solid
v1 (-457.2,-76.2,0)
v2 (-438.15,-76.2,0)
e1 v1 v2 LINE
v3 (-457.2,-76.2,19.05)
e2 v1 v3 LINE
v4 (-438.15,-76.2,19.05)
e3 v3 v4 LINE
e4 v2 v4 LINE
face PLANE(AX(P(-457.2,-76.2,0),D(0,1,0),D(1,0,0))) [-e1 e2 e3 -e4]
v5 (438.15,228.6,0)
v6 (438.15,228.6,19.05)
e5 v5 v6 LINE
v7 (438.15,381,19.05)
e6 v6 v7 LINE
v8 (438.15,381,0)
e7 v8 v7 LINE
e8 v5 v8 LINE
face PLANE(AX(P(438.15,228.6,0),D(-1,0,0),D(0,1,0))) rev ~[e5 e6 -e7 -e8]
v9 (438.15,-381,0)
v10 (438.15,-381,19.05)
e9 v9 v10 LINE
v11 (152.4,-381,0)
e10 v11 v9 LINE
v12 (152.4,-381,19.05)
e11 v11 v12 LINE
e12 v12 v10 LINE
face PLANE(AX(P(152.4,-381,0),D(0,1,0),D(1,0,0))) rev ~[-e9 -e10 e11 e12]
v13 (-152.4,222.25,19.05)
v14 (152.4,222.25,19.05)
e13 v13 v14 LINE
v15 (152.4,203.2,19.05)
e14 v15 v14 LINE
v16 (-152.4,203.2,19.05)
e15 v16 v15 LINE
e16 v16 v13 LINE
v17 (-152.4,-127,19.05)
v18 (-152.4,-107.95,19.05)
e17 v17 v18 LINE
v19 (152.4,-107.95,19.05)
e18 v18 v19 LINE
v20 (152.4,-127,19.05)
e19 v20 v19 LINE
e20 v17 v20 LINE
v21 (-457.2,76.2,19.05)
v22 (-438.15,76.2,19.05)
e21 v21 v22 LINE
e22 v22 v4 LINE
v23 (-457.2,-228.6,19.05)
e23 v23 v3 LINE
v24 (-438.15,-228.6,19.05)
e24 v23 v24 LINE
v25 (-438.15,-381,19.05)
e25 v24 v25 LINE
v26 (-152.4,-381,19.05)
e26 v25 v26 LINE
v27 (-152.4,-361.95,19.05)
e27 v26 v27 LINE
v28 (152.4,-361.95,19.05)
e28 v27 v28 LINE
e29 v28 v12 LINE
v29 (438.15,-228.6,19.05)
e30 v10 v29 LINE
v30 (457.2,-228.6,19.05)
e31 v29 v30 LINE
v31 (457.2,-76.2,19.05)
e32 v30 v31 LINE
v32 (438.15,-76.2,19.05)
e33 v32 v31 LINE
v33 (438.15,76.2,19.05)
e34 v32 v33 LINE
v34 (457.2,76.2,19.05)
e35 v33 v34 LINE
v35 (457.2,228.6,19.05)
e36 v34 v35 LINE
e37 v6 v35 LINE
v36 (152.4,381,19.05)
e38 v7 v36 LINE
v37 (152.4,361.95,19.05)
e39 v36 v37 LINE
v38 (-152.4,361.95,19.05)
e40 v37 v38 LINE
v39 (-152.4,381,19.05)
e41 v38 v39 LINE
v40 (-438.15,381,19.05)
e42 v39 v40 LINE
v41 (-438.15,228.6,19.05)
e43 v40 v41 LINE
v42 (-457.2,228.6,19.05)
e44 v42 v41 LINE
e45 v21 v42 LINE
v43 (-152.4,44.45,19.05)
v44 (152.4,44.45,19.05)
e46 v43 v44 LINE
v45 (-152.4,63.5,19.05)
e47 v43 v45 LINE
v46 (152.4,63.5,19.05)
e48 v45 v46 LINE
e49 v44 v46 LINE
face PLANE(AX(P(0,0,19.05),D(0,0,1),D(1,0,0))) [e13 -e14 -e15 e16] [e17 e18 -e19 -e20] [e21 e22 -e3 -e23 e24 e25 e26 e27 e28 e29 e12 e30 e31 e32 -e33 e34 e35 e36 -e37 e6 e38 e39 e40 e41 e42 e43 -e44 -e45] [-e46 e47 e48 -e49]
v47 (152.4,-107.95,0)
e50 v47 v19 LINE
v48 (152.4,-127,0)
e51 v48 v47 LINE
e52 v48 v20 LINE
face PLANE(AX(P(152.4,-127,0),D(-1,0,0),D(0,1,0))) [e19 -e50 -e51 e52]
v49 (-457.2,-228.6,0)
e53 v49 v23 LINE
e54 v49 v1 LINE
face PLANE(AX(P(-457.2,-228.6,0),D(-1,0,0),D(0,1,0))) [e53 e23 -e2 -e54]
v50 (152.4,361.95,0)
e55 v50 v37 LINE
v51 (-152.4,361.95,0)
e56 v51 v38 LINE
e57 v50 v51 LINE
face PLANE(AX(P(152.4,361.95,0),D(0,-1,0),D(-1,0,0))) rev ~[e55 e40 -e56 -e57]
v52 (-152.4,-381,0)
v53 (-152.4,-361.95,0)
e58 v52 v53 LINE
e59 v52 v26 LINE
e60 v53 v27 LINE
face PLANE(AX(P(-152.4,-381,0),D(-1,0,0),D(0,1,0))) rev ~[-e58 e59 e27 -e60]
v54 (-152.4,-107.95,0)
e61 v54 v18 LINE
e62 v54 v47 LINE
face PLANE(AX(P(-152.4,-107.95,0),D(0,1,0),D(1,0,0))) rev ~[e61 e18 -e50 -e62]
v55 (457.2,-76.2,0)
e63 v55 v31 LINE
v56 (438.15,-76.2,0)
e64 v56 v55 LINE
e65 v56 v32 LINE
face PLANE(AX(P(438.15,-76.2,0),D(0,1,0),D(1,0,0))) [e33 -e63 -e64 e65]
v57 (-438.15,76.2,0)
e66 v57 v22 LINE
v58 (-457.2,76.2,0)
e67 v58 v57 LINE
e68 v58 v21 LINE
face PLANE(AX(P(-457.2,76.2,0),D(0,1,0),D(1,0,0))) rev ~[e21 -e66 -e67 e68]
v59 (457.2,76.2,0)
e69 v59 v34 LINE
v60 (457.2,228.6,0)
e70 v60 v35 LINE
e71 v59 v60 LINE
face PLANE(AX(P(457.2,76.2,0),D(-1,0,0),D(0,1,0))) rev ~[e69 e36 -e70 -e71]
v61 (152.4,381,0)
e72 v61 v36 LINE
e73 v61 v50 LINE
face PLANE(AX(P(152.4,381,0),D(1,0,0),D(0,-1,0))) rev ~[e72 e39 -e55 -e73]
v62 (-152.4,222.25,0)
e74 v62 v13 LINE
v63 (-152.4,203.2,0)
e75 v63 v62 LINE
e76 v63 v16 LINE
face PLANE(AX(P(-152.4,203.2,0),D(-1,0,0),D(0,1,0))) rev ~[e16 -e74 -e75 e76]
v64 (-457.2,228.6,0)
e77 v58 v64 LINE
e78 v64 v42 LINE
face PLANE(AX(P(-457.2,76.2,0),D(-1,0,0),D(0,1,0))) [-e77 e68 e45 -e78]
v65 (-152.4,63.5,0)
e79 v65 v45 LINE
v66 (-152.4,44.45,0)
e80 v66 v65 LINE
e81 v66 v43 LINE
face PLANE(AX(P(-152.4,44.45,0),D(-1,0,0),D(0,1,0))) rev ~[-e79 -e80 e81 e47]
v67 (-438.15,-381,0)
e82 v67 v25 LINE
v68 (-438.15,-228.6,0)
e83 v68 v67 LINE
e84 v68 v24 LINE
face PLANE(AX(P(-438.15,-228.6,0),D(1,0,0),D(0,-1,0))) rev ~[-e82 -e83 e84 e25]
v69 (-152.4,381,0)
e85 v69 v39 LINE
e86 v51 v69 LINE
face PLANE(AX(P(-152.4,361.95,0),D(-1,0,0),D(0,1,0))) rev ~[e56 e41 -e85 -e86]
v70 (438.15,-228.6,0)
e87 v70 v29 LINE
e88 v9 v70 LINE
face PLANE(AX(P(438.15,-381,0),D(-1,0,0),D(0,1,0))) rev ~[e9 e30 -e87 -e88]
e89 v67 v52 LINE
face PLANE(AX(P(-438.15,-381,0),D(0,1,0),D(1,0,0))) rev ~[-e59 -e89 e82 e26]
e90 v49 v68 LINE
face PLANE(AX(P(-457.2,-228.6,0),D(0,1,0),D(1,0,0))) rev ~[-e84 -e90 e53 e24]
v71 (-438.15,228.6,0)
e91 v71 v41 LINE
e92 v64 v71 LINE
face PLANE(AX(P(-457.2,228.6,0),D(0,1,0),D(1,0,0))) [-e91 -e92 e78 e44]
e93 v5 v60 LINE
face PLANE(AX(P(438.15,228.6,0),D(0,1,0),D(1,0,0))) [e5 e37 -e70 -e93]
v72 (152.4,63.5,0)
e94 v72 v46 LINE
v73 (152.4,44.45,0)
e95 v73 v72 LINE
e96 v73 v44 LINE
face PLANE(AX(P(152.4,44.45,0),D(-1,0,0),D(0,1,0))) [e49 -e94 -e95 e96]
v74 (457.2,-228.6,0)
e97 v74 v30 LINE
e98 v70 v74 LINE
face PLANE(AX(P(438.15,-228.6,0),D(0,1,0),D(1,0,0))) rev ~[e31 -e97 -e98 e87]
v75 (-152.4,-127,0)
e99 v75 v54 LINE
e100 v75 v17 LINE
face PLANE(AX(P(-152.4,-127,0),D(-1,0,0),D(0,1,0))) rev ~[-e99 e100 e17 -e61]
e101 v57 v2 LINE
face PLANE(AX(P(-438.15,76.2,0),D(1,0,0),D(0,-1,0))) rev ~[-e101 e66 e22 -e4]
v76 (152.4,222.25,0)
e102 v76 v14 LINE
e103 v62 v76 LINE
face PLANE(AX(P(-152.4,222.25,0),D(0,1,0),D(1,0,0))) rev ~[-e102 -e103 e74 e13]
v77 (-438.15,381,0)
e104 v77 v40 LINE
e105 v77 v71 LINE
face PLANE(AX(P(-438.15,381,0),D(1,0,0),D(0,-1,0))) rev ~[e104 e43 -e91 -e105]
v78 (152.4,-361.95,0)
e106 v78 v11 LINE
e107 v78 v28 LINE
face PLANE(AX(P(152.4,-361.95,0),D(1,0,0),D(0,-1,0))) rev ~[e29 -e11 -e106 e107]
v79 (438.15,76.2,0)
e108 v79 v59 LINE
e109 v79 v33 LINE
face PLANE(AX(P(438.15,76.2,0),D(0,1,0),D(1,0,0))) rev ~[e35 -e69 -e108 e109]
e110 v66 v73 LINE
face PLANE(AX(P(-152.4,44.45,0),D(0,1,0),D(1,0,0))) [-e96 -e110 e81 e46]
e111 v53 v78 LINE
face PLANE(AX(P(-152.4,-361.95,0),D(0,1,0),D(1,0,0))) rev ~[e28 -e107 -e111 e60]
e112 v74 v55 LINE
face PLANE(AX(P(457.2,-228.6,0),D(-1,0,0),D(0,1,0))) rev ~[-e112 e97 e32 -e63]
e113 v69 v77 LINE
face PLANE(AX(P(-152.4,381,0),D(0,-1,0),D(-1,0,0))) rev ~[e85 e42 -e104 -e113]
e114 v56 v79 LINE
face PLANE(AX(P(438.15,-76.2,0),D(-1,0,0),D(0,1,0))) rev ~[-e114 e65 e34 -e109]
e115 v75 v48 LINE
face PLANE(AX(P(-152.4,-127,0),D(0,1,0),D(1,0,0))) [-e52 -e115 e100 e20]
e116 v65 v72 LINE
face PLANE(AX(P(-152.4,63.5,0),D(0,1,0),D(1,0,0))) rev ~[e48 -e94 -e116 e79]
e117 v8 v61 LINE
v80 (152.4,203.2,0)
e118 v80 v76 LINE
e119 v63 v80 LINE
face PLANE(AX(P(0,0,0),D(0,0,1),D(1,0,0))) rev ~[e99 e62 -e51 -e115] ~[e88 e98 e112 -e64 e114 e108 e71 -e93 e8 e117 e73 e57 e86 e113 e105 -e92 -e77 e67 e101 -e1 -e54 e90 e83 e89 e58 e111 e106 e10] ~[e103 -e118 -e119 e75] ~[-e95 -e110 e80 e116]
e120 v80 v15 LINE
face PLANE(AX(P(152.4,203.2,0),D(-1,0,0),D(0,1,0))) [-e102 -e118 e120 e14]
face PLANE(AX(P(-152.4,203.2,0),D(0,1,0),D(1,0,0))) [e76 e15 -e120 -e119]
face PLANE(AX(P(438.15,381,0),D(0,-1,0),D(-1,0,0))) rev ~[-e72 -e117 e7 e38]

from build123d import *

# Parameters (mm, degrees)
F0_W     = 304.8
F0_H     = 19.05
F0_W_2   = 19.05
F0_H_2   = 152.4
F1_DEPTH = 19.05


with BuildPart() as f1:
    # F0 (on Top) → F1 (new body)
    with BuildSketch(Plane.XY):
        Polygon((-438.15, -228.6), (-438.15, -381), (-152.4, -381), (-152.4, -361.95), (152.4, -361.95), (152.4, -381), (438.15, -381), (438.15, -228.6), (438.15, -76.2), (438.15, 76.2), (438.15, 228.6), (438.15, 381), (152.4, 381), (152.4, 361.95), (-152.4, 361.95), (-152.4, 381), (-438.15, 381), (-438.15, 228.6), (-438.15, 76.2), (-438.15, -76.2), align=None)
        with Locations((0, -117.475)):
            Rectangle(F0_W, F0_H, mode=Mode.SUBTRACT)
        with Locations((0, 53.975)):
            Rectangle(F0_W, F0_H, mode=Mode.SUBTRACT)
        with Locations((0, 212.725)):
            Rectangle(F0_W, F0_H, mode=Mode.SUBTRACT)
        with Locations((-447.675, 152.4)):
            Rectangle(F0_W_2, F0_H_2)
        with Locations((-447.675, -152.4)):
            Rectangle(F0_W_2, F0_H_2)
        with Locations((447.675, 152.4)):
            Rectangle(F0_W_2, F0_H_2)
        with Locations((447.675, -152.4)):
            Rectangle(F0_W_2, F0_H_2)
    extrude(amount=F1_DEPTH)


solid = f1.part
